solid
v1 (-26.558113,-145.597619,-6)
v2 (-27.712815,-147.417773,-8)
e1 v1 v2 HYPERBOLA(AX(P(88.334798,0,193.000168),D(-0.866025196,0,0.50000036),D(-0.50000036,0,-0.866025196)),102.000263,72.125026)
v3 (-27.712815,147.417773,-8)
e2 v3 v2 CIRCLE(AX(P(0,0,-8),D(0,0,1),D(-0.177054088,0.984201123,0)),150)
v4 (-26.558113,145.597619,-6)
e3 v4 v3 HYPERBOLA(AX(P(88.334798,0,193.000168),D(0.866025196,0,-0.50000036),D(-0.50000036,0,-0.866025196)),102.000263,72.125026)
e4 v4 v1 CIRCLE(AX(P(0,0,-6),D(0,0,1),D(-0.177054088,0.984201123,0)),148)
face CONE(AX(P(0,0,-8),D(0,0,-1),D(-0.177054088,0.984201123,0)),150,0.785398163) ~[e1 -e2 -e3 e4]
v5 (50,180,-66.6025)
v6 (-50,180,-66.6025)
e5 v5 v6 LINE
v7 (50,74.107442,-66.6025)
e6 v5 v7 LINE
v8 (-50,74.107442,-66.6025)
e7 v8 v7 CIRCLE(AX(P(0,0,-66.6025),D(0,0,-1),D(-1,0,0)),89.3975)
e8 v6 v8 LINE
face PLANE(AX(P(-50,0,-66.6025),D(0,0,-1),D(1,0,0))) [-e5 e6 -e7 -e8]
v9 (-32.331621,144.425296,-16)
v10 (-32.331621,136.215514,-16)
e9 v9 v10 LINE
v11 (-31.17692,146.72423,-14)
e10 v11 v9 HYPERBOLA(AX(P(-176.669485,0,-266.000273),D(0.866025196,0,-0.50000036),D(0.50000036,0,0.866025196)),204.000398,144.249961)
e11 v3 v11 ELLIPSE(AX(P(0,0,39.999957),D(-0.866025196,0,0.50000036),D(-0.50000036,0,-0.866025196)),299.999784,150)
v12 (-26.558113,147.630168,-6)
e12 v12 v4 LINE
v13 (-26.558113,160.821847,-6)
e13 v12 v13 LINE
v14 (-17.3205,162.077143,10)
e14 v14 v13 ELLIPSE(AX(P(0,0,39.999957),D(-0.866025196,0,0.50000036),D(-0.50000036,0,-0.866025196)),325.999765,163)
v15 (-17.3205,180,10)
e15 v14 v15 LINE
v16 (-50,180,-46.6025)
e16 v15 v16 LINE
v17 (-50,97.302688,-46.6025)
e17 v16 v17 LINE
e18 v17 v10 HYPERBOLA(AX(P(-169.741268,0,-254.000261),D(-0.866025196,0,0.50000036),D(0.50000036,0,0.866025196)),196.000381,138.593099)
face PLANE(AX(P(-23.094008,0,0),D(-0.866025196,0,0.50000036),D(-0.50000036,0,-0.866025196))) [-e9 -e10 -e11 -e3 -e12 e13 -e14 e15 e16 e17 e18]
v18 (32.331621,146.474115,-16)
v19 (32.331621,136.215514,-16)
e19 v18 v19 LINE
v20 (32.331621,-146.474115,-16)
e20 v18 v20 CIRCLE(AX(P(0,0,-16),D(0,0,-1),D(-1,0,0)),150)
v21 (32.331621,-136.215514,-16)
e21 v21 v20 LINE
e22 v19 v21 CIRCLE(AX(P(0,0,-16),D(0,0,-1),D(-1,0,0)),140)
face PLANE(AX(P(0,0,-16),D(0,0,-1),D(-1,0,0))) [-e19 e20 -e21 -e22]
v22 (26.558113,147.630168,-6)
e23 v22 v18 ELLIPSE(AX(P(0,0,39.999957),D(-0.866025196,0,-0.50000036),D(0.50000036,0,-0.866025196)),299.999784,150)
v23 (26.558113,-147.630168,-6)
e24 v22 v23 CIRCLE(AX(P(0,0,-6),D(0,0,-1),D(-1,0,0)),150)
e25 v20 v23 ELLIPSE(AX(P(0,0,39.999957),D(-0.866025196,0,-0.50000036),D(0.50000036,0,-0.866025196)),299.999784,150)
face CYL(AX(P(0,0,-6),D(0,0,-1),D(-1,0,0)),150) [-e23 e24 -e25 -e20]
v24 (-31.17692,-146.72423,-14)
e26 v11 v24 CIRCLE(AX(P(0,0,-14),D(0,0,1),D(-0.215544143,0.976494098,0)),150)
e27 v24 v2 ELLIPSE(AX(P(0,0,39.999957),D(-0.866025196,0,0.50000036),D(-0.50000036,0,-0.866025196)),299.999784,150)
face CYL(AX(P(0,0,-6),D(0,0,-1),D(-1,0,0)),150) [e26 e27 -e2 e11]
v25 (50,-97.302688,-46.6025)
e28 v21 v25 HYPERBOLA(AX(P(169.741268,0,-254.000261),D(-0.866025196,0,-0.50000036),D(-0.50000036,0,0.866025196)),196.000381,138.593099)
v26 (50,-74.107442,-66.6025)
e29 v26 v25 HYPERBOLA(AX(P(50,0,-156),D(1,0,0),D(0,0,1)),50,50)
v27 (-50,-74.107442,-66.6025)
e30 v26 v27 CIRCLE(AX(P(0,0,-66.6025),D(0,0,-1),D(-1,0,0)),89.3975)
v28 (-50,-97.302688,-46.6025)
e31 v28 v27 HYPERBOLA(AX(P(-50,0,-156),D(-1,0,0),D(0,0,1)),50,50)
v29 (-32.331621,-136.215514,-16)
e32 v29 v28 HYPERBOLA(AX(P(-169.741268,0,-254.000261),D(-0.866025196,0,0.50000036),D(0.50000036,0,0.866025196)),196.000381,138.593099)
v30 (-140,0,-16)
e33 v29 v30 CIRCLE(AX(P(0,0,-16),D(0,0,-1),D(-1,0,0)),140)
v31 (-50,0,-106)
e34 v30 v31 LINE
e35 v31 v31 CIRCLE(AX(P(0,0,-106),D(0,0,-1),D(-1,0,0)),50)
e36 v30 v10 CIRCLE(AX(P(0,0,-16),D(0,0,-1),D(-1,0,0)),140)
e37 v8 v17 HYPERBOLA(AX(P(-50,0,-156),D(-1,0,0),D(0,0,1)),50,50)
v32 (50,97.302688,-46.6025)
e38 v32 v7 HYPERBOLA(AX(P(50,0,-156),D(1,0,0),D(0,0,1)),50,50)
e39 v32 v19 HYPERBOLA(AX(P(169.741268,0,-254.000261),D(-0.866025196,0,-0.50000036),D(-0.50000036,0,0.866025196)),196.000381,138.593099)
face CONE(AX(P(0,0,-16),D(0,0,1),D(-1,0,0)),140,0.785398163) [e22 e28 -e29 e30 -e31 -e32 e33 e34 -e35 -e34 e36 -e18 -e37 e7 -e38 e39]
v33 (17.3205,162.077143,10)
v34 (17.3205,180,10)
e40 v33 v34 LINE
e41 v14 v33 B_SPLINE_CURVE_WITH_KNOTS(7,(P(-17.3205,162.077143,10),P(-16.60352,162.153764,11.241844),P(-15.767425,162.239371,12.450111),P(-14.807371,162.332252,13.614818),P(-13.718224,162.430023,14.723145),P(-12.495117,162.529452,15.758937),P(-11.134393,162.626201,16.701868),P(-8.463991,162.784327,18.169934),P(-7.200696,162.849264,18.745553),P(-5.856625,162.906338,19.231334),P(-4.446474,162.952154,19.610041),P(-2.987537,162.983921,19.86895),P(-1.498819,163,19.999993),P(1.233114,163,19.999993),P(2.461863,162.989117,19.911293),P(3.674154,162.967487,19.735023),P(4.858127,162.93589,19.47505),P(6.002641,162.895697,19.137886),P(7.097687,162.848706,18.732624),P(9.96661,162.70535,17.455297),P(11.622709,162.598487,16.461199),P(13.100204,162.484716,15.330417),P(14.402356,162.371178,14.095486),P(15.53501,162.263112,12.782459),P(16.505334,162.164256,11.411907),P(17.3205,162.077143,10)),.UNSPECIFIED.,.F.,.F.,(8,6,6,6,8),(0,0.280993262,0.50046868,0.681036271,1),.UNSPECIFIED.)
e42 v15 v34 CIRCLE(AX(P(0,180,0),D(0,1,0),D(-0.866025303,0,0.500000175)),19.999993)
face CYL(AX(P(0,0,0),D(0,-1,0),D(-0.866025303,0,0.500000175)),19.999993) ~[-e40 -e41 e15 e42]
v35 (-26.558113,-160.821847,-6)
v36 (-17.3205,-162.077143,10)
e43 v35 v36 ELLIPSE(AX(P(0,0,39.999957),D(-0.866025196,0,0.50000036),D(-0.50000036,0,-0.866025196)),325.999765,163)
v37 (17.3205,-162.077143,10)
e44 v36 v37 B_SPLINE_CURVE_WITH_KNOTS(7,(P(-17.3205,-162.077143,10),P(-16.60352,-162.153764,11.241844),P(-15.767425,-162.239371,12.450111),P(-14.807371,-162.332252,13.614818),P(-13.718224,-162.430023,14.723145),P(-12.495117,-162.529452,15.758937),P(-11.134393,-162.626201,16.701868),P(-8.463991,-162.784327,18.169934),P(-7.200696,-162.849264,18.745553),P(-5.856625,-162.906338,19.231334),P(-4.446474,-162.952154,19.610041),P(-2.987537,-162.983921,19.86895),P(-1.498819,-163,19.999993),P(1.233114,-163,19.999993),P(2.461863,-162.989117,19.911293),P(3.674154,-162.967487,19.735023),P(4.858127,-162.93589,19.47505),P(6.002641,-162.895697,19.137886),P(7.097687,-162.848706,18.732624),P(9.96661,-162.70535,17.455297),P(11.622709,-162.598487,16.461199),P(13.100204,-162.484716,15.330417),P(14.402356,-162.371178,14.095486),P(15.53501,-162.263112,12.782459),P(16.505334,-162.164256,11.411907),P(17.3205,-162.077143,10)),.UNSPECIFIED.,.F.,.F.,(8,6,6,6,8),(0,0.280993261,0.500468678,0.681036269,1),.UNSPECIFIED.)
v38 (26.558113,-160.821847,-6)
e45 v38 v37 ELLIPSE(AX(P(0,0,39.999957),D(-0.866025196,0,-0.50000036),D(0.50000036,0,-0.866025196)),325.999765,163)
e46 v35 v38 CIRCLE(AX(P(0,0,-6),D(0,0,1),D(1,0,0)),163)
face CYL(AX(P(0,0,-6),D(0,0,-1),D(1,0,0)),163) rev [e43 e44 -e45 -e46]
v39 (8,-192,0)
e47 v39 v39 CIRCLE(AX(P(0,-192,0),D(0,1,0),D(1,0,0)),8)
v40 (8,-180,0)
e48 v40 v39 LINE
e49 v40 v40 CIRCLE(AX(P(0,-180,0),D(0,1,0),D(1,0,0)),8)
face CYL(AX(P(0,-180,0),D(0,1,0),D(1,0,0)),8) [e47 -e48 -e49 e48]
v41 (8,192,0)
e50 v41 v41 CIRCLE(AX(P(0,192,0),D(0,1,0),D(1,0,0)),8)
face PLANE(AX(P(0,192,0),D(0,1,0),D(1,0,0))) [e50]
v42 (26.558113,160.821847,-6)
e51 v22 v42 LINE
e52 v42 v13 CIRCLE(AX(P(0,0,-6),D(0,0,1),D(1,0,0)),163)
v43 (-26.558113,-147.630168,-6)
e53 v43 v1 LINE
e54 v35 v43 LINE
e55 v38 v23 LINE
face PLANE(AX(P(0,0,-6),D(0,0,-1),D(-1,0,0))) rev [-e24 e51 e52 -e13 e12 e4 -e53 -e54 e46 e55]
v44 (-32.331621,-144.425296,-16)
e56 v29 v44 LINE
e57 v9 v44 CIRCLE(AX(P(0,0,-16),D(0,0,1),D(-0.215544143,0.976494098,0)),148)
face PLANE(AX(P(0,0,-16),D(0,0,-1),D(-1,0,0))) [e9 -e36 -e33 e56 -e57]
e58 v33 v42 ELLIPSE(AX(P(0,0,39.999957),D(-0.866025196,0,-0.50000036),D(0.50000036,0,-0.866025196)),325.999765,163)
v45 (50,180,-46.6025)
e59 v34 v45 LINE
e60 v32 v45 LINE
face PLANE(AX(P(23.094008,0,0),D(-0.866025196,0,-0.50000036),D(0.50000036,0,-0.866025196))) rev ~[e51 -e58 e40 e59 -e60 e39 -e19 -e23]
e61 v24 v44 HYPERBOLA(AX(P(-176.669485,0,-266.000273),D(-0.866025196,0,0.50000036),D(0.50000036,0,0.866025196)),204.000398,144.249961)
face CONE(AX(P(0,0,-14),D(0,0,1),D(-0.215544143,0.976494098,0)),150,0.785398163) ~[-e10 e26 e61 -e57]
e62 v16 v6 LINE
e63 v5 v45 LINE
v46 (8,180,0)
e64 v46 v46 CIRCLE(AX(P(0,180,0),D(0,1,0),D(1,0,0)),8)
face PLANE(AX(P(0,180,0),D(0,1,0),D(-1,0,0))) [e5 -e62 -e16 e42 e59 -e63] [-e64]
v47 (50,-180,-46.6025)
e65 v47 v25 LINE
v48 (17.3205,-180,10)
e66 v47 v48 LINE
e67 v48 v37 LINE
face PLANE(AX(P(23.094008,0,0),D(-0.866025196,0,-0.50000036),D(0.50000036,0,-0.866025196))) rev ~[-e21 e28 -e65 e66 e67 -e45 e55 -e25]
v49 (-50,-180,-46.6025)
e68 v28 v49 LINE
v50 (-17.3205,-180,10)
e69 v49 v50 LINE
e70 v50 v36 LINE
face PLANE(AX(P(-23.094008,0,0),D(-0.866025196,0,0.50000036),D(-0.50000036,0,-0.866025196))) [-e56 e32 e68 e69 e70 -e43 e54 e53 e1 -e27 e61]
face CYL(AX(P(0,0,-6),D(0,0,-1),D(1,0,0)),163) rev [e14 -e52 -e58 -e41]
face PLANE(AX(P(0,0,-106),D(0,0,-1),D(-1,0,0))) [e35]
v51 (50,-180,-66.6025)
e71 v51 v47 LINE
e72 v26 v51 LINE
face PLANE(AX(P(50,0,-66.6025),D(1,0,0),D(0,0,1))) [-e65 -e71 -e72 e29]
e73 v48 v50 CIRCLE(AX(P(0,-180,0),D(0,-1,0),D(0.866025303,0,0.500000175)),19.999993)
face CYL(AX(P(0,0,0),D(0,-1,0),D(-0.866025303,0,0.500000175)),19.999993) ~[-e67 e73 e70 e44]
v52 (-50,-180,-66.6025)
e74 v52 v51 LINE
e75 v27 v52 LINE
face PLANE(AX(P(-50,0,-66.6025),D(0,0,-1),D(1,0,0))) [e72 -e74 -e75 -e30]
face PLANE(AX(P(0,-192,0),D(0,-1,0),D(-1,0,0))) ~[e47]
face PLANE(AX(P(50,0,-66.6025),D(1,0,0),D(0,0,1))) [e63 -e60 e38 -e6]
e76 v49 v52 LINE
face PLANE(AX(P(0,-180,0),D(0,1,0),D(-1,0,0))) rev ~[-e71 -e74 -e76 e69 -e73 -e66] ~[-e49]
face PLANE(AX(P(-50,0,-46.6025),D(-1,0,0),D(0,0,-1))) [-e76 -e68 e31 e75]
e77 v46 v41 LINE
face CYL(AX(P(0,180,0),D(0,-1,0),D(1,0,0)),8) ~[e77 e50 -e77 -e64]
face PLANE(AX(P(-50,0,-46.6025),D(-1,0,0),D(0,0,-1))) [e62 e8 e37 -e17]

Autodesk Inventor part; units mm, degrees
ref_plane "YZ Plane" through (0, 0, 0) normal (1, 0, 0) x (0, 1, 0)
ref_plane "XZ Plane" through (0, 0, 0) normal (0, 1, 0) x (-1, 0, 0)
ref_plane "XY Plane" through (0, 0, 0) normal (0, 0, 1) x (1, 0, 0)
sketch "Sketch1" plane through (0, 0, 0) normal (0, 1, 0) x (-1, 0, 0)
  line L0 (289.4755, 0) -> (-215.021, 0)
  line L1 (0, 324.0308) -> (0, -320.0636)
  circle A0 centre (0, 0) radius 10 construction
  line L2 (17.3205, 10) -> (50, -46.6025)
  line L3 (50, -46.6025) -> (0, -46.6025) construction
  line L4 (-17.3205, 10) -> (-50, -46.6025)
  line L5 (-50, -46.6025) -> (0, -46.6025) construction
  arc A1 (17.3205, 10) -> (-17.3205, 10) centre (0, 0) ccw
  line L6 (50, -46.6025) -> (50, -66.6025)
  line L7 (50, -66.6025) -> (-50, -66.6025)
  line L8 (-50, -66.6025) -> (-50, -46.6025)
  point P0 (0, 40)
  dimension "d0" = 20
  dimension "d1" = 50
  dimension "d2" = 60
  dimension "d3" = 40
  dimension "d4" = 20
  dimension "d5" = 20
extrude "Extrusion1" add sketch "Sketch1" along normal mid plane 360
sketch "Sketch2" plane through (0, 0, 0) normal (0, 1, 0) x (-1, 0, 0)
  line L0 (0, 66.6254) -> (0, -94.0572)
  line L1 (109.0661, 0) -> (-97.6998, 0)
  line L2 (0, -6) -> (150, -6)
  line L3 (150, -6) -> (150, -16)
  line L4 (150, -16) -> (140, -16)
  line L5 (140, -16) -> (50, -106)
  line L6 (50, -106) -> (0, -106)
  line L7 (0, -106) -> (0, -6)
  point P0 (0, 0)
  point P1 (0, -94.0572)
  dimension "d8" = 150
  dimension "d9" = 12
  dimension "d10" = 135
  dimension "d11" = 50
  dimension "d12" = 100
  dimension "d13" = 10
revolve "Revolution1" add sketch "Sketch2" angle 360 about axis through (0, 0, 66.6254) along (0, 0, -1)
sketch "Sketch3" plane through (0, 0, -6) normal (0, 0, 1) x (1, 0, 0)
  circle A0 centre (0, 0) radius 163
  dimension "d15" = 326
extrude "Extrusion2" cut sketch "Sketch3" along normal blind 360
sketch "Sketch4" plane through (0, 180, 0) normal (0, 1, 0) x (1, 0, 0)
  circle A0 centre (0, 0) radius 8
  dimension "d18" = 16
extrude "Extrusion3" add sketch "Sketch4" along normal blind 12
mirror "Mirror1" about plane through (0, 0, 0) normal (0, 1, 0) of "Extrusion3"
chamfer "Chamfer1" distance 2 angle 45 2 edges at (-150, 0, -6) (-150, 0, -16)
properties part number "B_axis"
